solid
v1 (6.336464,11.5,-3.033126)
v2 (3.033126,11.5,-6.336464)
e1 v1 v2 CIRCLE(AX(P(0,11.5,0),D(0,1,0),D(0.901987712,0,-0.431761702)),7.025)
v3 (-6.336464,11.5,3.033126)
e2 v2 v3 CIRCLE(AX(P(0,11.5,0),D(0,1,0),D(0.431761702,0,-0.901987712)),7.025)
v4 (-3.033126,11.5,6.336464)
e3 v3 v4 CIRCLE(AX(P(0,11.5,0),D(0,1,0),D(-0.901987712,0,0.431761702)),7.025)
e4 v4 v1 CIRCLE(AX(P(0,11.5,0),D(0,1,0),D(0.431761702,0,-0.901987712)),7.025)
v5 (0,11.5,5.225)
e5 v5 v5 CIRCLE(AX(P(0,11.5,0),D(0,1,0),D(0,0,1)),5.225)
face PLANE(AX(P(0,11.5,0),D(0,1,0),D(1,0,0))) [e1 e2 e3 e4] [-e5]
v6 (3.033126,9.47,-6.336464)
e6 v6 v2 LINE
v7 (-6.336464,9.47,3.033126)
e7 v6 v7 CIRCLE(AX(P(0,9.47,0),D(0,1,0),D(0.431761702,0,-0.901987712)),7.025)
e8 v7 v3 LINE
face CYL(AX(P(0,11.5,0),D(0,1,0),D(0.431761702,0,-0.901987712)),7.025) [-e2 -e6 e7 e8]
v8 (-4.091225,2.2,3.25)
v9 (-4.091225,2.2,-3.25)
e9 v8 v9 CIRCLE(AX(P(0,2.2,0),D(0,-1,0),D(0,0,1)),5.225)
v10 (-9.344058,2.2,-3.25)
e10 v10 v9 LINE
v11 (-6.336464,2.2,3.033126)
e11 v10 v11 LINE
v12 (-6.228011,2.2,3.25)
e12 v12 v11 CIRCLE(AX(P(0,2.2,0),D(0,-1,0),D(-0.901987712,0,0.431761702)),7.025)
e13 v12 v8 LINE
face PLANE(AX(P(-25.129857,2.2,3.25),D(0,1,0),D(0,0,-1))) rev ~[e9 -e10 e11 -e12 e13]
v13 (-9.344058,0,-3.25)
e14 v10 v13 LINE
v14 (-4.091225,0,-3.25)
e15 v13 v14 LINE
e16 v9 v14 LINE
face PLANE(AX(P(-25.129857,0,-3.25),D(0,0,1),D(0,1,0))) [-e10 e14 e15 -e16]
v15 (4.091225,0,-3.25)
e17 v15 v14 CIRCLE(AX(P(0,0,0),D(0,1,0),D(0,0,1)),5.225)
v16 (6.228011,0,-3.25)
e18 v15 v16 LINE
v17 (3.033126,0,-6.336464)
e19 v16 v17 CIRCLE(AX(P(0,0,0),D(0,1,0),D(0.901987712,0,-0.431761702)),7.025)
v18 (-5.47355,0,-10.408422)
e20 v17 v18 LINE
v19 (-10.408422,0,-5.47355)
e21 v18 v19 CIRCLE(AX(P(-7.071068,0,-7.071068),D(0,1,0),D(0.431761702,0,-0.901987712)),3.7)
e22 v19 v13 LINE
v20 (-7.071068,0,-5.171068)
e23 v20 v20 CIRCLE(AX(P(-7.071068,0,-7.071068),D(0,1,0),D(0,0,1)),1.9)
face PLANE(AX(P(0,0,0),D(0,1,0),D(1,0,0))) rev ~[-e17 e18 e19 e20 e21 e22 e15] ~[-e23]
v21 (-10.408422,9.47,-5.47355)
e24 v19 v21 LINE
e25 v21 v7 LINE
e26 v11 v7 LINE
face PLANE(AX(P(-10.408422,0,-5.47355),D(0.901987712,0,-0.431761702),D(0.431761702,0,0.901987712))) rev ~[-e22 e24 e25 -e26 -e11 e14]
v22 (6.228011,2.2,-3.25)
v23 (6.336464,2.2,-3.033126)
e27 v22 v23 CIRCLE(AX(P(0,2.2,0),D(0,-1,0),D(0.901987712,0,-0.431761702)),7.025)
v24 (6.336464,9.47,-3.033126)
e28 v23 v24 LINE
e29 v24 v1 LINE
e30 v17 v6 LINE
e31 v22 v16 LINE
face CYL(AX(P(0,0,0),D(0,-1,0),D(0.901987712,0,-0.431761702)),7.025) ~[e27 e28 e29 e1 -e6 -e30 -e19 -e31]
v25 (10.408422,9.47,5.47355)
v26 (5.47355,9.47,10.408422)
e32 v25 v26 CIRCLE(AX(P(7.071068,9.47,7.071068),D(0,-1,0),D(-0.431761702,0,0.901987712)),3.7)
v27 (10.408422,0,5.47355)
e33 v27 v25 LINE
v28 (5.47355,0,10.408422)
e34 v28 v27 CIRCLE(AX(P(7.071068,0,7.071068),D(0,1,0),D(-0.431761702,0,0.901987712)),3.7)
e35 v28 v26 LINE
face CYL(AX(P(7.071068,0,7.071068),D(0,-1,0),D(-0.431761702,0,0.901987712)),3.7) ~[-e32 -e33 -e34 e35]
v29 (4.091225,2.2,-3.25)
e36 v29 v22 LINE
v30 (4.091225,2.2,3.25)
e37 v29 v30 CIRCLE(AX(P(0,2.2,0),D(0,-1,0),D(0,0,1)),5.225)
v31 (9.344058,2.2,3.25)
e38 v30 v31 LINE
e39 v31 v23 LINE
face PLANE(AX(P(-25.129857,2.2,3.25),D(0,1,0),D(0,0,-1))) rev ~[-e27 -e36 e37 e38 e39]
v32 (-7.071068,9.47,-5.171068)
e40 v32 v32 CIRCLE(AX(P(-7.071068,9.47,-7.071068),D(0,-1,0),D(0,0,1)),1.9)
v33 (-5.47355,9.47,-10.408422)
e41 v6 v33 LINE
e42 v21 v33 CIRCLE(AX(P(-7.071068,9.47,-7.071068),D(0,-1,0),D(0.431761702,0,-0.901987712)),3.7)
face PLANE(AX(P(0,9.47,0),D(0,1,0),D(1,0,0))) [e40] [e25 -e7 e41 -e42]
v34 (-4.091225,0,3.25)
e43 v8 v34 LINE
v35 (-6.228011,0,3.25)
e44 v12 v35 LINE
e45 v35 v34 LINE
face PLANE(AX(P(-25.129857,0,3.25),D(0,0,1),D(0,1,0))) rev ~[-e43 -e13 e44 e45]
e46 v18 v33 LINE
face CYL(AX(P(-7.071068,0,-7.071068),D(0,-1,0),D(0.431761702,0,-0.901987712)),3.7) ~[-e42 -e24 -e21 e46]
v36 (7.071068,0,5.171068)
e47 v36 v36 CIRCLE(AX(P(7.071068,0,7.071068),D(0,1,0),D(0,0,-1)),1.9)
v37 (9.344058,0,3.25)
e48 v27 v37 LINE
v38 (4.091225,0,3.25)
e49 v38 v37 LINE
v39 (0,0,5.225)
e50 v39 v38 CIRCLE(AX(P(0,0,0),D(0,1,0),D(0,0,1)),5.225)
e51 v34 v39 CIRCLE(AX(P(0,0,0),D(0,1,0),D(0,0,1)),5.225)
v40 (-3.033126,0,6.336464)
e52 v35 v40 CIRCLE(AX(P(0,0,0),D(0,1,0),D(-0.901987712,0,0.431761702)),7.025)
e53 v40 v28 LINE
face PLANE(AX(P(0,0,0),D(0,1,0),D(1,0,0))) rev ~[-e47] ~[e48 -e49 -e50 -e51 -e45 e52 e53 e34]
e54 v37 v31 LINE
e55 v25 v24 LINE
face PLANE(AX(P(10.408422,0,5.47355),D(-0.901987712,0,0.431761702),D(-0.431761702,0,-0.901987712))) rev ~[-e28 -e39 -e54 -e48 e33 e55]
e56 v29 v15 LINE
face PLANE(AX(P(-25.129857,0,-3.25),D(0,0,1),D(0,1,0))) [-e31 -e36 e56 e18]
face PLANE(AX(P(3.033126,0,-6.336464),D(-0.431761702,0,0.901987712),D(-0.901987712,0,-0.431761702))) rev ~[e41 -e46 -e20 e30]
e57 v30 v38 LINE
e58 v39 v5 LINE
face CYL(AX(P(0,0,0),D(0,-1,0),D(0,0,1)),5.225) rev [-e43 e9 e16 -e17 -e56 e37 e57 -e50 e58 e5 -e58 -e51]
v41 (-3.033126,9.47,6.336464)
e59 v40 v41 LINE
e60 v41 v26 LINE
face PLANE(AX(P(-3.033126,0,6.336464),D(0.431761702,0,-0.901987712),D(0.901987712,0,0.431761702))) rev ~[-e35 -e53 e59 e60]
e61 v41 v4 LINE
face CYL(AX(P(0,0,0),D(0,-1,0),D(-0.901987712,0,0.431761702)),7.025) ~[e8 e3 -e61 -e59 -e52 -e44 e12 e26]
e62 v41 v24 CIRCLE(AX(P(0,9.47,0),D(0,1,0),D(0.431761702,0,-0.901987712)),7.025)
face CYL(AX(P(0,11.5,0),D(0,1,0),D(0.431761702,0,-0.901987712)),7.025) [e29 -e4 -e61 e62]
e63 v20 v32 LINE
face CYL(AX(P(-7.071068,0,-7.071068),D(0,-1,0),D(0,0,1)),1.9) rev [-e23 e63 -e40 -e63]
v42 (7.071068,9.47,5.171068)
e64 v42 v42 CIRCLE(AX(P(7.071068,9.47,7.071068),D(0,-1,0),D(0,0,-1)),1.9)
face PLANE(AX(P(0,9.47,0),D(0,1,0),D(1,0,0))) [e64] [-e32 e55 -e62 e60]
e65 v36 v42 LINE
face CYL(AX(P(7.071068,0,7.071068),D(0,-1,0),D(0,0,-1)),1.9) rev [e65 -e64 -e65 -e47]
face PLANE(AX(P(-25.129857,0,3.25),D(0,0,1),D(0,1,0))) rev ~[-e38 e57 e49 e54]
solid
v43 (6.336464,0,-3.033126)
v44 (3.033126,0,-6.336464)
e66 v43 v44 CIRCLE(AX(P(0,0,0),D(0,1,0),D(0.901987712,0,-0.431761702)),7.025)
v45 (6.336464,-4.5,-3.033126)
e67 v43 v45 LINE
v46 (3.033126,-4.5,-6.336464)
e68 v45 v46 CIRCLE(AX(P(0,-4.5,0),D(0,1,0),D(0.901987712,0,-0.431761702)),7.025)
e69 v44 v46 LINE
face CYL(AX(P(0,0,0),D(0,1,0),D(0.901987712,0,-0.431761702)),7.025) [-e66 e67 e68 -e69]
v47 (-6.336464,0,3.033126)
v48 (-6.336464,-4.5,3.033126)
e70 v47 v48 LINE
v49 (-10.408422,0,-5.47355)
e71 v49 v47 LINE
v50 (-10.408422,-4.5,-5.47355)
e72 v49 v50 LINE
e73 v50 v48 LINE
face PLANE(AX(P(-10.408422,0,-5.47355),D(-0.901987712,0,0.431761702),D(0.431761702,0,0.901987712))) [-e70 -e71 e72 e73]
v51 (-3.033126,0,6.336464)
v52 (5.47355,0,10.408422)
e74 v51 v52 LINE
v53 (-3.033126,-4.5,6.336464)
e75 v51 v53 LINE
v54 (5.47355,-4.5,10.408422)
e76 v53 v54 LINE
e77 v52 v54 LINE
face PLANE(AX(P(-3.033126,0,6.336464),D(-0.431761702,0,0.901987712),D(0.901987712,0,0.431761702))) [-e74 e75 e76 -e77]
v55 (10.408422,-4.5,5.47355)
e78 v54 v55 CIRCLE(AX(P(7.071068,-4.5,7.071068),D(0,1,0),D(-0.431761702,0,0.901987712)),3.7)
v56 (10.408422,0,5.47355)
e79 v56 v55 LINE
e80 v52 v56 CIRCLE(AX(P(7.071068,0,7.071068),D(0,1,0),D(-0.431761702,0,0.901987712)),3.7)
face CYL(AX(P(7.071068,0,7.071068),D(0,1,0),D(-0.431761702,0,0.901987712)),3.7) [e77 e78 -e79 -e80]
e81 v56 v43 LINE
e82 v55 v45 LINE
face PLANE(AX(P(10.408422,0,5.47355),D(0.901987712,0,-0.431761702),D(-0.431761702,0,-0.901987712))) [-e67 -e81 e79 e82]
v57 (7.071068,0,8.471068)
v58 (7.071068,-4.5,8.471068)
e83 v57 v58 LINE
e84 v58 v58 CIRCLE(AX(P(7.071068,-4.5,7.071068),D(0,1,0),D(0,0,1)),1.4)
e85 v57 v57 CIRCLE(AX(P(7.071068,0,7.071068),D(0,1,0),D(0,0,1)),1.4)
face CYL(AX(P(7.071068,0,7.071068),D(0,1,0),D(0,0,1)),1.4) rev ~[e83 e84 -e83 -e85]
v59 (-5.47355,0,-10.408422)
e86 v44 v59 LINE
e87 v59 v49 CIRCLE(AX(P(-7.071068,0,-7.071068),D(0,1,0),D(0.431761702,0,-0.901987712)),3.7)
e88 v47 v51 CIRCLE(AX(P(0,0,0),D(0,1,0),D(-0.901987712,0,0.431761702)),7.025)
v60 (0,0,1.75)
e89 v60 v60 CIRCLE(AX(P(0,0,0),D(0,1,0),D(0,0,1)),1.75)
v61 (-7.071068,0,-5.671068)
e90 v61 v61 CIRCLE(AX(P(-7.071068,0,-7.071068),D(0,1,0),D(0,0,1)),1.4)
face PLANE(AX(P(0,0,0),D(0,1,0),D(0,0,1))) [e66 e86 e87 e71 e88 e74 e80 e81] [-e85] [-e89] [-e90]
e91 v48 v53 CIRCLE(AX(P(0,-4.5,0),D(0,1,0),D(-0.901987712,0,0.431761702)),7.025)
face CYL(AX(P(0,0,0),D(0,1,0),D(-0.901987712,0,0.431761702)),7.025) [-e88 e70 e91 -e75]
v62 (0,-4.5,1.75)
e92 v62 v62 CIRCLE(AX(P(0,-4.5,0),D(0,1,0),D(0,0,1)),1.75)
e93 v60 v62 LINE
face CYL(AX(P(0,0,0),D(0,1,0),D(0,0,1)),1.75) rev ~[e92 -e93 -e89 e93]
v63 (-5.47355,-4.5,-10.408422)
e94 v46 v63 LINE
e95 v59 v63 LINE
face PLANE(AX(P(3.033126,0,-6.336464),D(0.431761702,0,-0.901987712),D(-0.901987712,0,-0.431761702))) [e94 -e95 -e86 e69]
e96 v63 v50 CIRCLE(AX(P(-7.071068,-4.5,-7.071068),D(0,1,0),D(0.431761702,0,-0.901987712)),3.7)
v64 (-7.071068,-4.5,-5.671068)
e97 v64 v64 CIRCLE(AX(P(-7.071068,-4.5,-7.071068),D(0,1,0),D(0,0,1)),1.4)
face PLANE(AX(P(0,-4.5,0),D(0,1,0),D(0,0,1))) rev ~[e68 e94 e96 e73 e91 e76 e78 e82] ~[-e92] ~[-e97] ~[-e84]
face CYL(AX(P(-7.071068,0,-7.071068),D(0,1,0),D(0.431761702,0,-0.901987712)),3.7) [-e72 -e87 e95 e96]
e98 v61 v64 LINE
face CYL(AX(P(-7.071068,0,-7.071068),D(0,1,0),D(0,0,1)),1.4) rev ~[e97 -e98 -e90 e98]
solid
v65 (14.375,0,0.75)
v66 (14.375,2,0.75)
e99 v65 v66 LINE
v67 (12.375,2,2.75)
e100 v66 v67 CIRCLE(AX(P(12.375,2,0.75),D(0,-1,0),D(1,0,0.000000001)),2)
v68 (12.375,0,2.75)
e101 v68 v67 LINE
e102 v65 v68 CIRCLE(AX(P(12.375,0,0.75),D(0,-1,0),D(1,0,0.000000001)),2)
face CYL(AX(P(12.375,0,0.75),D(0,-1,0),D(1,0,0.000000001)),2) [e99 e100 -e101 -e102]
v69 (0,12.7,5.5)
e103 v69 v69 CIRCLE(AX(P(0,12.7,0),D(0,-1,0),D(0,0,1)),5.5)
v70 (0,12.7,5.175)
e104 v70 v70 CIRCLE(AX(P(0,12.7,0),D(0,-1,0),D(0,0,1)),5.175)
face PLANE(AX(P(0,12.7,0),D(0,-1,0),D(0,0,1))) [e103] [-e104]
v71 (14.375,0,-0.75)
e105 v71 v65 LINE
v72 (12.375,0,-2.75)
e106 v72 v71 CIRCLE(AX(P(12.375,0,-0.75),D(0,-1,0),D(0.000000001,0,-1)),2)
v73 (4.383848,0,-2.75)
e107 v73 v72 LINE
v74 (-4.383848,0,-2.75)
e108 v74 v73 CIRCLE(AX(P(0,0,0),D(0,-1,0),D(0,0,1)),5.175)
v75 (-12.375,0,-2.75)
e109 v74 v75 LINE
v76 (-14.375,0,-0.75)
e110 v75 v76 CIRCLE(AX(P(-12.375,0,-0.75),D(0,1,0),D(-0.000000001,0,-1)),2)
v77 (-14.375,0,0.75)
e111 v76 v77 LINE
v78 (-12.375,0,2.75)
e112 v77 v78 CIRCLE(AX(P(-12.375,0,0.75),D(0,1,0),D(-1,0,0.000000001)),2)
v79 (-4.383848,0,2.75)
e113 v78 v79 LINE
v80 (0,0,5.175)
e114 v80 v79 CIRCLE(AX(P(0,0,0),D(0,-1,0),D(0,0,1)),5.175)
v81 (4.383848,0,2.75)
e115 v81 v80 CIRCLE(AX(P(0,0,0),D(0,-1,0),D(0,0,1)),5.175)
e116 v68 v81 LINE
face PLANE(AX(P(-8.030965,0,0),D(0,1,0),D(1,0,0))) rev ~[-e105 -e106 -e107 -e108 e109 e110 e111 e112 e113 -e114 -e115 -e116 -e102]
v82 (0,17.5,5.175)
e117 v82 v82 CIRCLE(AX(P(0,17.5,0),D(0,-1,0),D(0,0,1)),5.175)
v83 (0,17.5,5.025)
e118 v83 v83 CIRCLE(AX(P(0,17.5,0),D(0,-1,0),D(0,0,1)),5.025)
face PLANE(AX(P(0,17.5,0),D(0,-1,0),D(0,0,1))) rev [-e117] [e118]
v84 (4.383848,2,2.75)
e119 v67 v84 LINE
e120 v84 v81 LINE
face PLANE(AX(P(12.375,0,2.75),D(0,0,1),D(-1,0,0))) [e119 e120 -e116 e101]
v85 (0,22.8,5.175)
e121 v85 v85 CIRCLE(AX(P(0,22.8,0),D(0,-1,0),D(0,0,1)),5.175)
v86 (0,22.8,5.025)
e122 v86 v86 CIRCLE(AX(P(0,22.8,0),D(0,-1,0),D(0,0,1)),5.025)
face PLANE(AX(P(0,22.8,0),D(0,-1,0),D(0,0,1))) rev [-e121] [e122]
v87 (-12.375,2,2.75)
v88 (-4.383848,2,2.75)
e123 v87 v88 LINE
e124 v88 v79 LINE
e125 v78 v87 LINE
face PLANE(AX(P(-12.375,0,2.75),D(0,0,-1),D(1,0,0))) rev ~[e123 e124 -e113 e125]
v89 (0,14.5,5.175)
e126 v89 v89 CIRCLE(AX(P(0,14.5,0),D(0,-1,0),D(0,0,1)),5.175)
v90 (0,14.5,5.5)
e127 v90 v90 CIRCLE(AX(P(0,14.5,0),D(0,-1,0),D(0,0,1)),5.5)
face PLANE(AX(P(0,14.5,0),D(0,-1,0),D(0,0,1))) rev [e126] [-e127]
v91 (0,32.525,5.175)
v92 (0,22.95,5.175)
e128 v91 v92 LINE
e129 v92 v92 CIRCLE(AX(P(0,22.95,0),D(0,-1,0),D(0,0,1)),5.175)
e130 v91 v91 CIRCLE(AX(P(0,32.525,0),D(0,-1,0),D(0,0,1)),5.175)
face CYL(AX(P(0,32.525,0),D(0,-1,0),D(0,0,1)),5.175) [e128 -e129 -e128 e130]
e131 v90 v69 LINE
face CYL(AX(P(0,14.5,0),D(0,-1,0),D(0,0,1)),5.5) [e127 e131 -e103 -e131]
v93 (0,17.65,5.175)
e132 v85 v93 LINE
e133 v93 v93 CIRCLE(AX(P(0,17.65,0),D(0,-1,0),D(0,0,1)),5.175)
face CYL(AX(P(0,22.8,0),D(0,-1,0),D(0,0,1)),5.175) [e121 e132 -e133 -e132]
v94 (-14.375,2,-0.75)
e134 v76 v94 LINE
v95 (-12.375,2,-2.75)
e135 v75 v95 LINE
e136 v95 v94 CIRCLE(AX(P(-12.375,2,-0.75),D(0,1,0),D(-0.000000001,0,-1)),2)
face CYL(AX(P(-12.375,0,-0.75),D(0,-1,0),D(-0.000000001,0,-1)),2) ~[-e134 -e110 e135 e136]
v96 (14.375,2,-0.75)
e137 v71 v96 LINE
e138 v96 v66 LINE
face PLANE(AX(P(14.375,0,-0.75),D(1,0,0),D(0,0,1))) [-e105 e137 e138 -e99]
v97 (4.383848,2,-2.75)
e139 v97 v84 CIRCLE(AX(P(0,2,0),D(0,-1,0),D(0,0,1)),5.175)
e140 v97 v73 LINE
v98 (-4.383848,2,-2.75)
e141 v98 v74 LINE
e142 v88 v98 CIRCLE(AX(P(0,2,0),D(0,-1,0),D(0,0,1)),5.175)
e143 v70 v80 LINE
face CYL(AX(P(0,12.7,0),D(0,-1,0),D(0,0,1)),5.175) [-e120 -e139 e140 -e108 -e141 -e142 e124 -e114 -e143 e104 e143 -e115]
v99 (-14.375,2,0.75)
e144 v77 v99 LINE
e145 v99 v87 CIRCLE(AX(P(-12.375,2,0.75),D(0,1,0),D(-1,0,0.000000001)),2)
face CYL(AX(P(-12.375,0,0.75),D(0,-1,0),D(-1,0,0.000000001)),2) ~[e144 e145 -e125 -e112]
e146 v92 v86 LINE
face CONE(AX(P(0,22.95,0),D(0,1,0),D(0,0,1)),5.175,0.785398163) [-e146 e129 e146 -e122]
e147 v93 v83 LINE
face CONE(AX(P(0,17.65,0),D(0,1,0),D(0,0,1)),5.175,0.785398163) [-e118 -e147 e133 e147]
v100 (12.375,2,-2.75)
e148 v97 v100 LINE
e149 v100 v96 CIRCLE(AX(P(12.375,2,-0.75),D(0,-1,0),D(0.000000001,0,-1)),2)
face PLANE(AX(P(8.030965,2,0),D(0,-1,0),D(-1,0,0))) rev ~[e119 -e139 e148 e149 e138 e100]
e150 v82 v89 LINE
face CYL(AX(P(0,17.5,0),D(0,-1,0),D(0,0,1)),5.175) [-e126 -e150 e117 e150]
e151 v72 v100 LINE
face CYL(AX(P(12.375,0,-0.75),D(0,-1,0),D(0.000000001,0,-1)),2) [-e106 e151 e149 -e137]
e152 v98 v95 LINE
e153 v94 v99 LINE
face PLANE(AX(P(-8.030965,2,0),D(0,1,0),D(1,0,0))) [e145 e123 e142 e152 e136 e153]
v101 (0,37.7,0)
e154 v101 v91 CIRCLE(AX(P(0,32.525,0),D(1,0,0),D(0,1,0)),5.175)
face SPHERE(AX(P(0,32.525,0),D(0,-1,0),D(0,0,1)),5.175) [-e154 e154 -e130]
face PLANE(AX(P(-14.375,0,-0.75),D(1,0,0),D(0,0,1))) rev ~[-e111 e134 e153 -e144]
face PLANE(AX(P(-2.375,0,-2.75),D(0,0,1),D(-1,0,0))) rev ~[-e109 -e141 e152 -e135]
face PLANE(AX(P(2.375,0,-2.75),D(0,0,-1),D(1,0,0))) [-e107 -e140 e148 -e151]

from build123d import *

# Parameters (mm, degrees)
SKETCH1_R               = 15
SKETCH1_R_2             = 1.75
BOSS_EXTRUDE1_DEPTH     = 4.5
SKETCH2_R               = 5.225
SKETCH2_R_2             = 1.9
BOSS_EXTRUDE2_DEPTH     = 11.5
SKETCH3_W               = 31.199300702
SKETCH3_H               = 26.807769262
SKETCH3_R               = 7.025
CUT_EXTRUDE1_DEPTH      = 2.03
CUT_EXTRUDE2_DEPTH      = 25.129857024
CUT_EXTRUDE2_DEPTH_BACK = 25.129857024
SKETCH4_W               = 6.5
SKETCH4_H               = 2.2
SKETCH5_R               = 15
SKETCH5_R_2             = 1.4
CUT_EXTRUDE4_DEPTH      = 25.129857024
BOSS_EXTRUDE3_DEPTH     = 2


with BuildPart() as part:
    # Sketch1 → Boss-Extrude1 (new body)
    with BuildSketch(Plane(origin=(0, 0, 0), x_dir=(1, 0, 0), z_dir=(0, 1, 0))):
        Circle(SKETCH1_R)
        Circle(SKETCH1_R_2, mode=Mode.SUBTRACT)
    extrude(amount=-BOSS_EXTRUDE1_DEPTH)

    # Sketch5 → Cut-Extrude4 (cut, through all)
    # profile 1 of 3: a face of its own
    with BuildSketch(Plane(origin=(0, 0, 0), x_dir=(1, 0, 0), z_dir=(0, 1, 0))):
        Circle(SKETCH5_R)
        with BuildLine():
            Line((-6.336463676, -3.033125959), (-10.408422346, 5.473549513))
            ThreePointArc((-10.408422346, 5.473549513), (-9.687362902, 9.687362902), (-5.473549513, 10.408422346))
            Line((-5.473549513, 10.408422346), (3.033125959, 6.336463676))
            ThreePointArc((3.033125959, 6.336463676), (4.967425138, 4.967425138), (6.336463676, 3.033125959))
            Line((6.336463676, 3.033125959), (10.408422346, -5.473549513))
            ThreePointArc((10.408422346, -5.473549513), (9.687362902, -9.687362902), (5.473549513, -10.408422346))
            Line((5.473549513, -10.408422346), (-3.033125959, -6.336463676))
            ThreePointArc((-3.033125959, -6.336463676), (-4.967425138, -4.967425138), (-6.336463676, -3.033125959))
        make_face(mode=Mode.SUBTRACT)
    # profile 2 of 3: a face of its own
    with BuildSketch(Plane(origin=(0, 0, 0), x_dir=(1, 0, 0), z_dir=(0, 1, 0))):
        with Locations((-7.071067812, 7.071067812)):
            Circle(SKETCH5_R_2)
    # profile 3 of 3: a face of its own
    with BuildSketch(Plane(origin=(0, 0, 0), x_dir=(1, 0, 0), z_dir=(0, 1, 0))):
        with Locations((7.071067812, -7.071067812)):
            Circle(SKETCH5_R_2)
    extrude(amount=-CUT_EXTRUDE4_DEPTH, mode=Mode.SUBTRACT)


with BuildPart() as body_2:
    # Sketch2 → Boss-Extrude2 (new body)
    with BuildSketch(Plane(origin=(0, 0, 0), x_dir=(1, 0, 0), z_dir=(0, 1, 0))):
        with BuildLine():
            Line((-10.408422346, 5.473549513), (-6.336463676, -3.033125959))
            ThreePointArc((-6.336463676, -3.033125959), (-4.967425138, -4.967425138), (-3.033125959, -6.336463676))
            Line((-3.033125959, -6.336463676), (5.473549513, -10.408422346))
            ThreePointArc((5.473549513, -10.408422346), (9.687362902, -9.687362902), (10.408422346, -5.473549513))
            Line((10.408422346, -5.473549513), (6.336463676, 3.033125959))
            ThreePointArc((6.336463676, 3.033125959), (4.967425138, 4.967425138), (3.033125959, 6.336463676))
            Line((3.033125959, 6.336463676), (-5.473549513, 10.408422346))
            ThreePointArc((-5.473549513, 10.408422346), (-9.687362902, 9.687362902), (-10.408422346, 5.473549513))
        make_face()
        Circle(SKETCH2_R, mode=Mode.SUBTRACT)
        with Locations((-7.071067812, 7.071067812)):
            Circle(SKETCH2_R_2, mode=Mode.SUBTRACT)
        with Locations((7.071067812, -7.071067812)):
            Circle(SKETCH2_R_2, mode=Mode.SUBTRACT)
    extrude(amount=BOSS_EXTRUDE2_DEPTH)

    # Sketch3 → Cut-Extrude1 (cut)
    with BuildSketch(Plane(origin=(0, 11.5, 0), x_dir=(1, 0, 0), z_dir=(0, 1, 0))):
        Rectangle(SKETCH3_W, SKETCH3_H)
        Circle(SKETCH3_R, mode=Mode.SUBTRACT)
    extrude(amount=-CUT_EXTRUDE1_DEPTH, mode=Mode.SUBTRACT)

    # Sketch4 → Cut-Extrude2 (cut, two sides: drawn at the far end of the back side and taken through both)
    with BuildSketch(Plane(origin=(0, 0, 0), x_dir=(0, 0, -1), z_dir=(1, 0, 0)).offset(-CUT_EXTRUDE2_DEPTH_BACK)):
        with Locations((0, 1.1)):
            Rectangle(SKETCH4_W, SKETCH4_H)
    extrude(amount=CUT_EXTRUDE2_DEPTH + CUT_EXTRUDE2_DEPTH_BACK, mode=Mode.SUBTRACT)


with BuildPart() as body_3:
    # Sketch8 → Revolve1 (revolve)
    with BuildSketch(Plane(origin=(0, 0, 0), x_dir=(0, 0, -1), z_dir=(1, 0, 0))):
        with BuildLine():
            Line((0, 32.525), (0, 37.7))
            ThreePointArc((0, 37.7), (-3.659277593, 36.184277593), (-5.175, 32.525))
            Line((-5.175, 32.525), (-5.175, 22.95))
            Line((-5.175, 22.95), (-5.025, 22.8))
            Line((-5.025, 22.8), (-5.175, 22.8))
            Line((-5.175, 22.8), (-5.175, 17.65))
            Line((-5.175, 17.65), (-5.025, 17.5))
            Line((-5.025, 17.5), (-5.175, 17.5))
            Line((-5.175, 17.5), (-5.175, 14.5))
            Line((-5.175, 14.5), (-5.5, 14.5))
            Line((-5.5, 14.5), (-5.5, 12.7))
            Line((-5.5, 12.7), (-5.175, 12.7))
            Line((-5.175, 12.7), (-5.175, 0))
            Line((-5.175, 0), (0, 0))
            Line((0, 0), (0, 32.525))
        make_face()
    revolve(axis=Axis((0, 0, 0), (0, -1, 0)))

    # Sketch9 → Boss-Extrude3 (add)
    with BuildSketch(Plane(origin=(0, 0, 0), x_dir=(1, 0, 0), z_dir=(0, 1, 0))):
        with BuildLine():
            Line((-12.375, -2.75), (-2.375, -2.75))
            Line((-2.375, -2.75), (-2.375, 2.75))
            Line((-2.375, 2.75), (-12.375, 2.75))
            ThreePointArc((-12.375, 2.75), (-13.789213562, 2.164213562), (-14.375, 0.75))
            Line((-14.375, 0.75), (-14.375, -0.75))
            ThreePointArc((-14.375, -0.75), (-13.789213562, -2.164213562), (-12.375, -2.75))
        make_face()
        with BuildLine():
            Line((2.375, -2.75), (2.375, 2.75))
            Line((2.375, 2.75), (12.375, 2.75))
            ThreePointArc((12.375, 2.75), (13.789213562, 2.164213562), (14.375, 0.75))
            Line((14.375, 0.75), (14.375, -0.75))
            ThreePointArc((14.375, -0.75), (13.789213562, -2.164213562), (12.375, -2.75))
            Line((12.375, -2.75), (2.375, -2.75))
        make_face()
    extrude(amount=BOSS_EXTRUDE3_DEPTH)


solid = Compound([part.part, body_2.part, body_3.part])
